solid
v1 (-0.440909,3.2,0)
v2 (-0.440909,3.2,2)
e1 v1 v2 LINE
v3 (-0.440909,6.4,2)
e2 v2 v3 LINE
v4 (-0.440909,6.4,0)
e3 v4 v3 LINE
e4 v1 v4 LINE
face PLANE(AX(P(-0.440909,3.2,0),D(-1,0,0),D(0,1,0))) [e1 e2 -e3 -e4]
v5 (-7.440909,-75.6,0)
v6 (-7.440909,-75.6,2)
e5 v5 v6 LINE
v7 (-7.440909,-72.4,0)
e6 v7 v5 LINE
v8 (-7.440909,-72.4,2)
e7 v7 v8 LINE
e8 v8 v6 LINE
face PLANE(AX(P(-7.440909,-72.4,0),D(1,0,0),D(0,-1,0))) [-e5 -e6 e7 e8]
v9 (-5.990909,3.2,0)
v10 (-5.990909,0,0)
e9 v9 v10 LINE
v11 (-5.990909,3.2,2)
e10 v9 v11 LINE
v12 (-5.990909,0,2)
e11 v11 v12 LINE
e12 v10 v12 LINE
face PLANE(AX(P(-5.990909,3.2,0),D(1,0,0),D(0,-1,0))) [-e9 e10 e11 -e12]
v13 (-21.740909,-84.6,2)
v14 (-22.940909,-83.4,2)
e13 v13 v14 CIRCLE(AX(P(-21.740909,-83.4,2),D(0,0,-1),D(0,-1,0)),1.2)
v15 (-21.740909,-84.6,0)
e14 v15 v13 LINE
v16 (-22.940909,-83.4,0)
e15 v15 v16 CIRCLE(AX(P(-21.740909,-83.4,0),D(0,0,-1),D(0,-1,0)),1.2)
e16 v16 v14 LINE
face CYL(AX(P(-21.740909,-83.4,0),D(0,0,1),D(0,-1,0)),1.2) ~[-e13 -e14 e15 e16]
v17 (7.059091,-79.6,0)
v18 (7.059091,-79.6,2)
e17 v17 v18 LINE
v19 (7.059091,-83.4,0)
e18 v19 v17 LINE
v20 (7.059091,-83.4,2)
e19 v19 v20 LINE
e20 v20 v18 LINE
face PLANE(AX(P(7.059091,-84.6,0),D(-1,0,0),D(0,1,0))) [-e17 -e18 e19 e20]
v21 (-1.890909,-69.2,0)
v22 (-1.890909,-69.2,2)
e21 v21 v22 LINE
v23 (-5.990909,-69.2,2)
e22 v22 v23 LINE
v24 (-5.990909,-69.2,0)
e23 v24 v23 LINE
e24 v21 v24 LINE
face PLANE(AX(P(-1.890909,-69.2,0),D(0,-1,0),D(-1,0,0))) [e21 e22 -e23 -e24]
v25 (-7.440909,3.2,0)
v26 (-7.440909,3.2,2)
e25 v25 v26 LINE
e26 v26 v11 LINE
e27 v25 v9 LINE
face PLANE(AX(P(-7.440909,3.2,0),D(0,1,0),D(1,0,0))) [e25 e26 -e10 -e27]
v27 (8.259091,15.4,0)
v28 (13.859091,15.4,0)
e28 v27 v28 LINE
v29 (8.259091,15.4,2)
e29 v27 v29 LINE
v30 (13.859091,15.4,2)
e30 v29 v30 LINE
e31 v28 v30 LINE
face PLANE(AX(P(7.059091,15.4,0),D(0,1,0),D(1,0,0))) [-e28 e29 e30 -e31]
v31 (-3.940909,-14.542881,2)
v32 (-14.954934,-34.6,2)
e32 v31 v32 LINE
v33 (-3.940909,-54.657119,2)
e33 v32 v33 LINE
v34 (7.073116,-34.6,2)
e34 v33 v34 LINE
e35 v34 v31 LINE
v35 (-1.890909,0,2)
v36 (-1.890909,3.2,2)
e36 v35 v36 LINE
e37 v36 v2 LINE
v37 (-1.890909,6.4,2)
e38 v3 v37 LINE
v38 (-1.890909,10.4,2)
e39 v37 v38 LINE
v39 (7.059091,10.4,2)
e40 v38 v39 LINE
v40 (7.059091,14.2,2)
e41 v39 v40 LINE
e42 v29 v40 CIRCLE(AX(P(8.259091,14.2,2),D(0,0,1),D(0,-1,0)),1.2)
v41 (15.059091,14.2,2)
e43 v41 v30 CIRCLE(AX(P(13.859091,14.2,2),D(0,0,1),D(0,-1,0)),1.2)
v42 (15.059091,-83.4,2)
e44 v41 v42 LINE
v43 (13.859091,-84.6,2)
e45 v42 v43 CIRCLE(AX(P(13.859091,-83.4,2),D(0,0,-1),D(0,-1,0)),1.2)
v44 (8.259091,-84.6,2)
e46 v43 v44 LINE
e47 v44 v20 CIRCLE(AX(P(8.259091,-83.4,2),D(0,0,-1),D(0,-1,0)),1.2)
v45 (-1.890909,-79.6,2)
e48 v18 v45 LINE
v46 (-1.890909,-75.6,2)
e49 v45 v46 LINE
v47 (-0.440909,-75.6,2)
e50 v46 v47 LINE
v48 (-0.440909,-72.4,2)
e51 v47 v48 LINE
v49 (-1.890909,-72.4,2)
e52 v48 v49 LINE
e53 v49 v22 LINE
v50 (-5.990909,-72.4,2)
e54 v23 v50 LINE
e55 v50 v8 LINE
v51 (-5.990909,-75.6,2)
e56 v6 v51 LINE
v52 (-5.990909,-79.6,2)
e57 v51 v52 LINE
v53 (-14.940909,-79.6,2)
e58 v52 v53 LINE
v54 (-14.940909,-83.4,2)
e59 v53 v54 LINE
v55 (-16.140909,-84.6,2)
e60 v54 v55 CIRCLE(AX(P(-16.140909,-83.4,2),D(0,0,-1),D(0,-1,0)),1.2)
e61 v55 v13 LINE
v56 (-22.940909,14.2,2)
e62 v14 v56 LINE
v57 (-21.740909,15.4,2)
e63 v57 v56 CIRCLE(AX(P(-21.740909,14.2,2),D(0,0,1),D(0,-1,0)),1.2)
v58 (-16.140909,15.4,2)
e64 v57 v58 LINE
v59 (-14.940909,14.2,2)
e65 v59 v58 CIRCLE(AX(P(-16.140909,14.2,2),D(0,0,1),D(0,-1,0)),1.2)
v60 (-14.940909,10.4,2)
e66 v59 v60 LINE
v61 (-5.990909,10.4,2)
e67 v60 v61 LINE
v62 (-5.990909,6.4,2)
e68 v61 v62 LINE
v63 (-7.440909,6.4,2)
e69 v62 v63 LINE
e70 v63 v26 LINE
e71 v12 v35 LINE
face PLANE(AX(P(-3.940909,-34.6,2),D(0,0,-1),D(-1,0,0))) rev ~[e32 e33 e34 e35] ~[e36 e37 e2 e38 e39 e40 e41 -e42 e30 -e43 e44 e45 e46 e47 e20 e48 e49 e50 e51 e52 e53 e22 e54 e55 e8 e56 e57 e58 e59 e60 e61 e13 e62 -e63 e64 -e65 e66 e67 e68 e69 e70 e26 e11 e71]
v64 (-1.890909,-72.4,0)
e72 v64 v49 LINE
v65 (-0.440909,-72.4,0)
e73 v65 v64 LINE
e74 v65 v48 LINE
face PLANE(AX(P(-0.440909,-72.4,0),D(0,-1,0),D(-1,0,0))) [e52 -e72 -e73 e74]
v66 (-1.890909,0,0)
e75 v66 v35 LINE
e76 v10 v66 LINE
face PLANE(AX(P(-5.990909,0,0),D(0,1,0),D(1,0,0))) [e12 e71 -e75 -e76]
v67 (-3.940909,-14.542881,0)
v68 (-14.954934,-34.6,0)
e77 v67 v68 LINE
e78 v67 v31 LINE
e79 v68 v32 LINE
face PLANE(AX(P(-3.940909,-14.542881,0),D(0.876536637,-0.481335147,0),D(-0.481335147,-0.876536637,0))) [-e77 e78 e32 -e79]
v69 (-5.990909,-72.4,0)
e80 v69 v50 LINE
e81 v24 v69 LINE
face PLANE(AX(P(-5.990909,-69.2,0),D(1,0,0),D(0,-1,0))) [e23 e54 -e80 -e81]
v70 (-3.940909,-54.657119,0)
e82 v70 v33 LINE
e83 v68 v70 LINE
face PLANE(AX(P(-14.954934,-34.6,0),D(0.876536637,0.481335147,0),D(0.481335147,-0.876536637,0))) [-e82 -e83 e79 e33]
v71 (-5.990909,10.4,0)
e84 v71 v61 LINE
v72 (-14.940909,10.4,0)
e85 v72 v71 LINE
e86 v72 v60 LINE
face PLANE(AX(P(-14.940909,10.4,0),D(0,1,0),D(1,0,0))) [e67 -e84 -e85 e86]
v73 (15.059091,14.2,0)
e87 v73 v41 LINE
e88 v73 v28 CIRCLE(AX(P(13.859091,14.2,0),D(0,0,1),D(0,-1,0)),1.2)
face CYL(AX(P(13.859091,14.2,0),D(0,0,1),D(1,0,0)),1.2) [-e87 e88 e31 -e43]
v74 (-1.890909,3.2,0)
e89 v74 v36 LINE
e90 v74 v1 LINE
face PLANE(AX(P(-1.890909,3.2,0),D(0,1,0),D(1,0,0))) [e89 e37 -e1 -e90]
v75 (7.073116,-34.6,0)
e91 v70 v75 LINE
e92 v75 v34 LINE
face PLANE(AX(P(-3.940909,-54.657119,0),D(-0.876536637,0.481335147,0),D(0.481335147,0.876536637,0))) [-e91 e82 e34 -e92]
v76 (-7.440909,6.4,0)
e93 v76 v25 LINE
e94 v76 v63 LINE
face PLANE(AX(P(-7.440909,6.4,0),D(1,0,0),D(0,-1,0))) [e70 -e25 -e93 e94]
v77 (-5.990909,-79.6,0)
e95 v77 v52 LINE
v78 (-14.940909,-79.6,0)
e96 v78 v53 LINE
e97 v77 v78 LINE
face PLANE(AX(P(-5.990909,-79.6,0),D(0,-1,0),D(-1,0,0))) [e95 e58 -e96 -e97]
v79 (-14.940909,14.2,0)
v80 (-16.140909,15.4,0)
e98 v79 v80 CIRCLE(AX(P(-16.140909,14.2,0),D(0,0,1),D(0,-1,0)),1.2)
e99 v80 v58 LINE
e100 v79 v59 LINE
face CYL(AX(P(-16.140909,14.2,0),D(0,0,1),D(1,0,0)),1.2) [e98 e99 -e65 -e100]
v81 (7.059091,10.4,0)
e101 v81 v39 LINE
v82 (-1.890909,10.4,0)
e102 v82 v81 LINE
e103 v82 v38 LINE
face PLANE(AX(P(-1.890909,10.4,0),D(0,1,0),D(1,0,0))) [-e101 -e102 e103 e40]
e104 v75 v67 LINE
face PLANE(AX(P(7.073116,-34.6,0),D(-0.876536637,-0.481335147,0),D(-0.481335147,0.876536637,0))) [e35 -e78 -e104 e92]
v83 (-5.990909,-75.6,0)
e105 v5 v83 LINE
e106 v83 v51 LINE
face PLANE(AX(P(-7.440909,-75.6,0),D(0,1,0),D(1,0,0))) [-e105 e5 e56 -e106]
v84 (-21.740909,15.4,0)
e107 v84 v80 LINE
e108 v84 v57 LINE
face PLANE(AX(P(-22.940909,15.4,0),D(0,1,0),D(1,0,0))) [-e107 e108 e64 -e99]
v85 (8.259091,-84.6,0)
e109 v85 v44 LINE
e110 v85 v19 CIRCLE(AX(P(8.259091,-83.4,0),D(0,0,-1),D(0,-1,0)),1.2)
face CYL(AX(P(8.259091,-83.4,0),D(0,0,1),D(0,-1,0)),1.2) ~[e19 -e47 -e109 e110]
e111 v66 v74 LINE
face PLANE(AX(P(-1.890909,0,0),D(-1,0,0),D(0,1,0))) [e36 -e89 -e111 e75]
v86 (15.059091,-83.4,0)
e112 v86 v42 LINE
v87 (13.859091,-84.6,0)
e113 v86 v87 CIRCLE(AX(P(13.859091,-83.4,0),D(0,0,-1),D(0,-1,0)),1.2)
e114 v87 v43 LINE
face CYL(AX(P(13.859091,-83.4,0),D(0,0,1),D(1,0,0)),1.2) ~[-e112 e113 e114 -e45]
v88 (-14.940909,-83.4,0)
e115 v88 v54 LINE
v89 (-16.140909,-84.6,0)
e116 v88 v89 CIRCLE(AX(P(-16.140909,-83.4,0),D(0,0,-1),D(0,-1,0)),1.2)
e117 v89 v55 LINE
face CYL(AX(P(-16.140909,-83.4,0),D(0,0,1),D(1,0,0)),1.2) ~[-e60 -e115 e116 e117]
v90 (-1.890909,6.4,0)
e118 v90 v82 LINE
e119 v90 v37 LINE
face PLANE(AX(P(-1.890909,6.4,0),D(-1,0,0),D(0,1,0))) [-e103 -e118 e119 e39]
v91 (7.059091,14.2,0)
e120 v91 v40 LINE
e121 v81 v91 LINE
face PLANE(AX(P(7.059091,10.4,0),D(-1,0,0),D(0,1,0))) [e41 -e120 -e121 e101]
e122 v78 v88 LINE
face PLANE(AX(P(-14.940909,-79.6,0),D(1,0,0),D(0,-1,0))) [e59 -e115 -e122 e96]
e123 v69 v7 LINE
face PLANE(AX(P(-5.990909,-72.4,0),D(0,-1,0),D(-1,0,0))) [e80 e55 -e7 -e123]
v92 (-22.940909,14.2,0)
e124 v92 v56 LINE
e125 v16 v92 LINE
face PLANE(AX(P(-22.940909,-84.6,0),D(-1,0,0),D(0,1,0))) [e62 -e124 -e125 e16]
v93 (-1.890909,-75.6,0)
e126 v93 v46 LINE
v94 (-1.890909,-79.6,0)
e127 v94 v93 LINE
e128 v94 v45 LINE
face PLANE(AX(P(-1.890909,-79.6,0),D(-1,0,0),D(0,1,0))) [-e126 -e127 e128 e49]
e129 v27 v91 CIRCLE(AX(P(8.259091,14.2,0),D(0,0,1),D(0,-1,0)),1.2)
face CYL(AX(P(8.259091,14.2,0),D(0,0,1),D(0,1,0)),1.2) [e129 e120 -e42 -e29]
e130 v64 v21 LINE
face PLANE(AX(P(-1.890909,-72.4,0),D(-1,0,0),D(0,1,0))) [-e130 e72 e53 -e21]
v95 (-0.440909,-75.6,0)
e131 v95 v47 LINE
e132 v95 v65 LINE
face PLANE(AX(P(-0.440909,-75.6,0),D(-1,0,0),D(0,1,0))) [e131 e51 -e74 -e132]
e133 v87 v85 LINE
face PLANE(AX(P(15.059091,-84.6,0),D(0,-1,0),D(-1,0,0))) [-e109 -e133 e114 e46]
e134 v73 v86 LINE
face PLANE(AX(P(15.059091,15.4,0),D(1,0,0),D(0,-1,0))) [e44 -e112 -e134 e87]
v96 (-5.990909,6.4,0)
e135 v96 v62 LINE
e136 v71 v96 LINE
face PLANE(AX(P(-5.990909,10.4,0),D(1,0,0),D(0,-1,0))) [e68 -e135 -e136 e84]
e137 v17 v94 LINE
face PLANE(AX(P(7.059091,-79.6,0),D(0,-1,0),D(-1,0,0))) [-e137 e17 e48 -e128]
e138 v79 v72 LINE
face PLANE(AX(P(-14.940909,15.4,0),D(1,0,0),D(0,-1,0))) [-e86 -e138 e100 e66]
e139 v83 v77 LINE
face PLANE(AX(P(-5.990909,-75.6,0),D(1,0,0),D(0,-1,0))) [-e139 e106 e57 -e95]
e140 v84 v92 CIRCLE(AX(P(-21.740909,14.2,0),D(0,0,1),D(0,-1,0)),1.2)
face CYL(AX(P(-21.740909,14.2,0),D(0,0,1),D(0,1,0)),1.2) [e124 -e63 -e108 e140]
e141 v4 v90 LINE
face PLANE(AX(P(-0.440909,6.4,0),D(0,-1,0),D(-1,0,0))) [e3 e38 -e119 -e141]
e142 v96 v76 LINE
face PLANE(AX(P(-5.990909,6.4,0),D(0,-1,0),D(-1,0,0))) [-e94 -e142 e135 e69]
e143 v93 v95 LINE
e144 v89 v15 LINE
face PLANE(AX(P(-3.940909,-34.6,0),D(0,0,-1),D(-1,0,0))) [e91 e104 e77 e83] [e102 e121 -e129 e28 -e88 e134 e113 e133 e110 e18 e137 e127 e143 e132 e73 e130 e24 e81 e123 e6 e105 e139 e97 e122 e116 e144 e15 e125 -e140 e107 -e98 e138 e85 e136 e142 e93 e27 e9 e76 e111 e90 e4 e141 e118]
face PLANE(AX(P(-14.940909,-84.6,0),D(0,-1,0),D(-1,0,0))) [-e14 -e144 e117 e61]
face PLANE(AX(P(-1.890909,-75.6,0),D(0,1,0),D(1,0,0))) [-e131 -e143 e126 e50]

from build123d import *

# Parameters (mm, degrees)
EXTRUDE_1_DEPTH = 2
FILLET_1_R      = 1.2


with BuildPart() as part:
    # 草图1 → 凸台-拉伸1 (new body)
    with BuildSketch(Plane.XY):
        Polygon((15.059090909, 15.4), (15.059090909, -84.6), (7.059090909, -84.6), (7.059090909, -79.6), (-1.890909091, -79.6), (-1.890909091, -75.6), (-0.440909091, -75.6), (-0.440909091, -72.4), (-1.890909091, -72.4), (-1.890909091, -69.2), (-5.990909091, -69.2), (-5.990909091, -72.4), (-7.440909091, -72.4), (-7.440909091, -75.6), (-5.990909091, -75.6), (-5.990909091, -79.6), (-14.940909091, -79.6), (-14.940909091, -84.6), (-22.940909091, -84.6), (-22.940909091, 15.4), (-14.940909091, 15.4), (-14.940909091, 10.4), (-5.990909091, 10.4), (-5.990909091, 6.4), (-7.440909091, 6.4), (-7.440909091, 3.2), (-5.990909091, 3.2), (-5.990909091, 0), (-1.890909091, 0), (-1.890909091, 3.2), (-0.440909091, 3.2), (-0.440909091, 6.4), (-1.890909091, 6.4), (-1.890909091, 10.4), (7.059090909, 10.4), (7.059090909, 15.4), align=None)
        Polygon((-3.940909091, -14.542881477), (-14.954933713, -34.6), (-3.940909091, -54.657118523), (7.073115531, -34.6), align=None, mode=Mode.SUBTRACT)
    extrude(amount=EXTRUDE_1_DEPTH)

    # 圆角1
    fillet_1_edges = [part.edges().sort_by_distance(p)[0] for p in [
        (7.059090909, 15.4, 1),
        (15.059090909, 15.4, 1),
        (15.059090909, -84.6, 1),
        (7.059090909, -84.6, 1),
        (-14.940909091, -84.6, 1),
        (-22.940909091, -84.6, 1),
        (-22.940909091, 15.4, 1),
        (-14.940909091, 15.4, 1),
    ]]
    fillet(fillet_1_edges, radius=FILLET_1_R)


solid = part.part
